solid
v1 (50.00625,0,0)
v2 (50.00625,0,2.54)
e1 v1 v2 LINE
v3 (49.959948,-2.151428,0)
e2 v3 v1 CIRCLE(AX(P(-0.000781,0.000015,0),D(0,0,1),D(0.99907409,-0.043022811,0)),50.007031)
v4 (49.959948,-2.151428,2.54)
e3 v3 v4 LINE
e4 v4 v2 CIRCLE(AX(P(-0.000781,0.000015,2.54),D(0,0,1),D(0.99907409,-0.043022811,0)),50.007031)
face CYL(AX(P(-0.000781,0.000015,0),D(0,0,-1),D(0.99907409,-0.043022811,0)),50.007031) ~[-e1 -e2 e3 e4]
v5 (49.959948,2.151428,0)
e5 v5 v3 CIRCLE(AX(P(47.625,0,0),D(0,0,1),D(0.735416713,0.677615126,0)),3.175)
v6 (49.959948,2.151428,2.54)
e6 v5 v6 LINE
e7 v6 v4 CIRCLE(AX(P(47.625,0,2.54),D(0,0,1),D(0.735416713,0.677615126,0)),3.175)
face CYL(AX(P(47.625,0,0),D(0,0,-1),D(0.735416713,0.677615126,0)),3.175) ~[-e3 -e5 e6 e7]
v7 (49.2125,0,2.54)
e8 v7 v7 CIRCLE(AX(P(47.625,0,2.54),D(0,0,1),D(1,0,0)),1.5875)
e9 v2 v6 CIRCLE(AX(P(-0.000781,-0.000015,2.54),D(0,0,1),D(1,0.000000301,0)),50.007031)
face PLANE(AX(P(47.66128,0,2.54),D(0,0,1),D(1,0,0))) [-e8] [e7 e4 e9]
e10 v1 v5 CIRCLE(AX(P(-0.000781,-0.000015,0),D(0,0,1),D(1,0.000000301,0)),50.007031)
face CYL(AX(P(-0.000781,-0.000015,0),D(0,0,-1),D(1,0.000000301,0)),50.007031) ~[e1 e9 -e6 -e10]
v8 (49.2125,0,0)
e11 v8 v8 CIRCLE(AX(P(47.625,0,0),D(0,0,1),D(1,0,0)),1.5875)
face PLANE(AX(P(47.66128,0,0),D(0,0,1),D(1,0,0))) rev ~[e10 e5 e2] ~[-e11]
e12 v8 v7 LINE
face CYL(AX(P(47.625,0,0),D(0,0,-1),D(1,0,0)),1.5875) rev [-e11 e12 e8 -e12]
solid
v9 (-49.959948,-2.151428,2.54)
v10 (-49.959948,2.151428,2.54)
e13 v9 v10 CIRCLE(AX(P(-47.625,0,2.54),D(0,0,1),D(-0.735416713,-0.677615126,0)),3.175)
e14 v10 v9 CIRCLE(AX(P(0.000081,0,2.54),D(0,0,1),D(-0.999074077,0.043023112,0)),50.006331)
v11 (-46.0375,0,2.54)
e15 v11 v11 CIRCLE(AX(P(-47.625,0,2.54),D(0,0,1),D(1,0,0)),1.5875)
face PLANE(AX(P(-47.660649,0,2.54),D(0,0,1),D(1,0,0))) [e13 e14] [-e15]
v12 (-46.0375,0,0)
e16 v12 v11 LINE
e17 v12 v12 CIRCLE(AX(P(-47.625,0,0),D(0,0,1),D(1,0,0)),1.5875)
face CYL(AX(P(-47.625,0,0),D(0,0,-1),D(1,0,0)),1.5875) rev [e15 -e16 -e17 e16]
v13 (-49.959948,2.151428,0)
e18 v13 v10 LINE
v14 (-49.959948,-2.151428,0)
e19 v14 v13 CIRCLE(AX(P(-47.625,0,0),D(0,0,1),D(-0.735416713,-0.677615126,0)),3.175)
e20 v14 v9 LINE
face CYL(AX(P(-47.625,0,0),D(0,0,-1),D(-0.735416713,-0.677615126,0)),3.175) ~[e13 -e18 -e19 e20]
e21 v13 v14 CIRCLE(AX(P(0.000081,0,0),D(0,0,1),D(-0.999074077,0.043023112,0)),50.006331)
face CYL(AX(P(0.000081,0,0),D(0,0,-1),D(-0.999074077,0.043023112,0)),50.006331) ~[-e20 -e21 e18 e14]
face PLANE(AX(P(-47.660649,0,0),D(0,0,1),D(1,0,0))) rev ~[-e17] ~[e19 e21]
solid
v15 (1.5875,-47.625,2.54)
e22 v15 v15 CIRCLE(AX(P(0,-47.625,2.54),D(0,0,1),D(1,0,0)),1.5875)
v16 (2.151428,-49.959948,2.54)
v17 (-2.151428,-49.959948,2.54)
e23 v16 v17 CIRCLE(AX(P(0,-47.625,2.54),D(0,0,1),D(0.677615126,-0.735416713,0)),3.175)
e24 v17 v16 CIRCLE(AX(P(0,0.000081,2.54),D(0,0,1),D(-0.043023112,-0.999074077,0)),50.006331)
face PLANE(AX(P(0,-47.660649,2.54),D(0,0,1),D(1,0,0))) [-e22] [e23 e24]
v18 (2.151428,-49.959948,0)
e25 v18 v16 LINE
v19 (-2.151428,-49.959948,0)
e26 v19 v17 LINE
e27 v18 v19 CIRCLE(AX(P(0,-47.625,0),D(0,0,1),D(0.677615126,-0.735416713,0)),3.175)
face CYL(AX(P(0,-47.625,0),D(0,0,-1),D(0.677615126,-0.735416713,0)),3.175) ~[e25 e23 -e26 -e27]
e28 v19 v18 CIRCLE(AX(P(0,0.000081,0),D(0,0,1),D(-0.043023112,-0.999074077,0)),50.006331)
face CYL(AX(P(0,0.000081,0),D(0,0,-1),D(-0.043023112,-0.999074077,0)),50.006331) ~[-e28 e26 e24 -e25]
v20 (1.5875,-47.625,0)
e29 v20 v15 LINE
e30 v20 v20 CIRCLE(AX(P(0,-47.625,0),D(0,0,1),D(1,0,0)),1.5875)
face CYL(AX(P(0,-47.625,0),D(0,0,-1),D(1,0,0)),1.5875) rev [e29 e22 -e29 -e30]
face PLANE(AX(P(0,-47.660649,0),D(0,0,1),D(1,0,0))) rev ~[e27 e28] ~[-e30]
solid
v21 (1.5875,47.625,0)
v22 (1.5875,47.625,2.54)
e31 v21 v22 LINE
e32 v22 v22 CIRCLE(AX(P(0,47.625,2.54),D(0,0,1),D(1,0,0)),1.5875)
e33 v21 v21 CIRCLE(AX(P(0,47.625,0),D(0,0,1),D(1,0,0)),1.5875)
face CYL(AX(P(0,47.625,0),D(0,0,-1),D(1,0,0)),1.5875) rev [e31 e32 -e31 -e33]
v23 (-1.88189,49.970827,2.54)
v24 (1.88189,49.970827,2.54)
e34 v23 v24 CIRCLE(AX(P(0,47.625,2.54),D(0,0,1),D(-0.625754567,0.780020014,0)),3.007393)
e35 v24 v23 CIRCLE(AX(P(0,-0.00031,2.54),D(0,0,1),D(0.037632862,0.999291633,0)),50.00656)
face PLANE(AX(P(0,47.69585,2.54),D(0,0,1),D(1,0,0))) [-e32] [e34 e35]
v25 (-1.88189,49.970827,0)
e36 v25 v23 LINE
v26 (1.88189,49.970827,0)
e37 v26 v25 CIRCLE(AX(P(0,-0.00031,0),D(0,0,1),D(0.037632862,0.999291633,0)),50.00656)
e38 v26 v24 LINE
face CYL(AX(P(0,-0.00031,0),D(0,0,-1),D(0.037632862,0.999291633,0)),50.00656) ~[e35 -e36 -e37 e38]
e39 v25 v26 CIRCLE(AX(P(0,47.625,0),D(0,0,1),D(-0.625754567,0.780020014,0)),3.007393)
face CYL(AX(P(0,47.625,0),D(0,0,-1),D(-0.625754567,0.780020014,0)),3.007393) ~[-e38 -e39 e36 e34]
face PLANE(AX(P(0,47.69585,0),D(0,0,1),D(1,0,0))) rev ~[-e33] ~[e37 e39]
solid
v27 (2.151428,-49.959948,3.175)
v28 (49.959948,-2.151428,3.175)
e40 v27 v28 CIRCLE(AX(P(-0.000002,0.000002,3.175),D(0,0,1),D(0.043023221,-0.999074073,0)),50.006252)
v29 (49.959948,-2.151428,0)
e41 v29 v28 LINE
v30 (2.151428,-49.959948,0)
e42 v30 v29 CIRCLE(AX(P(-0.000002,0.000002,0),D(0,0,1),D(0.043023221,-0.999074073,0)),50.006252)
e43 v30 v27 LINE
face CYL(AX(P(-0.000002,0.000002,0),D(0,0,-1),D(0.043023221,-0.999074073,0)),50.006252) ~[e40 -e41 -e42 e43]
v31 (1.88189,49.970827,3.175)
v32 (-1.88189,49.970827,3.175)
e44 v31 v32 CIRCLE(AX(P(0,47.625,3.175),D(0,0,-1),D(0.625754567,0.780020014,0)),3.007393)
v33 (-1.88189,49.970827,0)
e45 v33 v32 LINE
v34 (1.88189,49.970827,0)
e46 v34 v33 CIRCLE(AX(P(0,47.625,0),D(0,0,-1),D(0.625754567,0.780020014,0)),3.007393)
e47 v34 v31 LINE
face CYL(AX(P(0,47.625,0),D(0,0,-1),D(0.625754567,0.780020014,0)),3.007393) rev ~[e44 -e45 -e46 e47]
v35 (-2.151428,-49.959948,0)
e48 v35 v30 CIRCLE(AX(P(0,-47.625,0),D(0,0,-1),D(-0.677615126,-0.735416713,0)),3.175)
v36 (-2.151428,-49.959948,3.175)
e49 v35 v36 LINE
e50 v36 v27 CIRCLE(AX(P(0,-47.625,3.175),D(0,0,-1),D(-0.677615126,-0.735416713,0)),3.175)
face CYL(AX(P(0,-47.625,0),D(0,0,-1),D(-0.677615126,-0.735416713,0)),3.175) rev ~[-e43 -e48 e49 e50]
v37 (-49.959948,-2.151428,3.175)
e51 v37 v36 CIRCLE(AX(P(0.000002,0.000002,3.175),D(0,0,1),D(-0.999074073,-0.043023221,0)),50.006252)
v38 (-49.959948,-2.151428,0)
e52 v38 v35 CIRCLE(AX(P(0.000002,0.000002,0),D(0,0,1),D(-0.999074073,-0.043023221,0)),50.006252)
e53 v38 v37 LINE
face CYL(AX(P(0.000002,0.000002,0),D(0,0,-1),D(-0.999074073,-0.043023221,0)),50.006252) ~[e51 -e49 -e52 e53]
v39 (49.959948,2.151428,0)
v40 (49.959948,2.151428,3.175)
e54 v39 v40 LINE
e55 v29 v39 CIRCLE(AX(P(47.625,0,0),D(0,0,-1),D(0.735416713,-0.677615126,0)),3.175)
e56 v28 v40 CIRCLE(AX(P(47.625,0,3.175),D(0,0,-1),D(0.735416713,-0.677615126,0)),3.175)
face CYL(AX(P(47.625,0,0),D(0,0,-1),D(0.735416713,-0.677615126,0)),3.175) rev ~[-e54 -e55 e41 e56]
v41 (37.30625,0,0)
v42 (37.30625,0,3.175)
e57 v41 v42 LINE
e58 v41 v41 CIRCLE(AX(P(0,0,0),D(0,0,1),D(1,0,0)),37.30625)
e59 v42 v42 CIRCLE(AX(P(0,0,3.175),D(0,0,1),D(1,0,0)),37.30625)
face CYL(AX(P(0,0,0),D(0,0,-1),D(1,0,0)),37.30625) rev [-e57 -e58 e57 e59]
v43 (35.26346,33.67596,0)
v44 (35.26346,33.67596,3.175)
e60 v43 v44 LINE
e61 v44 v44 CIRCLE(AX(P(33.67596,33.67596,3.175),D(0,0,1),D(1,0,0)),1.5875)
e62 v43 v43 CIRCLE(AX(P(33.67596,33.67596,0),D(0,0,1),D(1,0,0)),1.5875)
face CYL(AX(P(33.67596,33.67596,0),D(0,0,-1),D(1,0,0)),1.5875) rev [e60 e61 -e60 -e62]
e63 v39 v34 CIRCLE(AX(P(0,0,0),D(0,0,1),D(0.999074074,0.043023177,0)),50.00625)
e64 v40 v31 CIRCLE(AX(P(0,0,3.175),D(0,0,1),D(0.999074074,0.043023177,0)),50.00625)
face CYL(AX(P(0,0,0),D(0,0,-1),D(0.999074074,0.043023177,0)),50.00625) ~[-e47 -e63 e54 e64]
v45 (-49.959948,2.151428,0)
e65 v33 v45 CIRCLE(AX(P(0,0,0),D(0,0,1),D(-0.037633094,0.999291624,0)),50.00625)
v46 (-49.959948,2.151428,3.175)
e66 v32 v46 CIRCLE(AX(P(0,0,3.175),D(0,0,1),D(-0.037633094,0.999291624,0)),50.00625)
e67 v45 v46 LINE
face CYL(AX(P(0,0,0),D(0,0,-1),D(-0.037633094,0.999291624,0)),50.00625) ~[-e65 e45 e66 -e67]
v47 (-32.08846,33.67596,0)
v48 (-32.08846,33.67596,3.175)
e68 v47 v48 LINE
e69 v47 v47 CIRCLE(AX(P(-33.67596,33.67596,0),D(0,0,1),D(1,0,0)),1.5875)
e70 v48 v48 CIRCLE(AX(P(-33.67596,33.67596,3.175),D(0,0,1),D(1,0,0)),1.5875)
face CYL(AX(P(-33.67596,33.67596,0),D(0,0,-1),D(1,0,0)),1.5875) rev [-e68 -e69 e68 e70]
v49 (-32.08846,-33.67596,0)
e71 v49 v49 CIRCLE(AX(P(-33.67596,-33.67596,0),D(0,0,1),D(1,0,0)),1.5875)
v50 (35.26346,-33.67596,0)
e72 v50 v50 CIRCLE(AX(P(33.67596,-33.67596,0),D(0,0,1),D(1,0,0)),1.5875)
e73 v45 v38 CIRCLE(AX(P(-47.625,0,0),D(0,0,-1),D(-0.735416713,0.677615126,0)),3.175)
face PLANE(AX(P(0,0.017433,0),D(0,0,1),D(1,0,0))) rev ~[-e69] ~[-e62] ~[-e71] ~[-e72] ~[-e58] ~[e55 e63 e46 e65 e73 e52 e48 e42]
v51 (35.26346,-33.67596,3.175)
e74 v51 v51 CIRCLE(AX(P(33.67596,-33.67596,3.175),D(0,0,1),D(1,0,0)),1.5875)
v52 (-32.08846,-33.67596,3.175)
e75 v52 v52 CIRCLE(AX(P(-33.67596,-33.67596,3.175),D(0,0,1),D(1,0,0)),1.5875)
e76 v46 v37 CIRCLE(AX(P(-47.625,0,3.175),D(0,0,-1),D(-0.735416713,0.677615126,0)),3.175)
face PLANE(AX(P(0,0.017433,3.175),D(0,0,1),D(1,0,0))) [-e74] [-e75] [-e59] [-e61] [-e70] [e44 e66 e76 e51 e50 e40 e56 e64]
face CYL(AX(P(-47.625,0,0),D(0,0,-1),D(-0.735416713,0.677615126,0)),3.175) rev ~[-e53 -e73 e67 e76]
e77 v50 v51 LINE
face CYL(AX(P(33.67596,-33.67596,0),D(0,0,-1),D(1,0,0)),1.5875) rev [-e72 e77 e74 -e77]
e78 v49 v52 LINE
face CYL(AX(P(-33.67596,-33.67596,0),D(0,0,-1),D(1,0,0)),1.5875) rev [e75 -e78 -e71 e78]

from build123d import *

# Parameters (mm, degrees)
F0_R     = 1.5875
F1_DEPTH = 2.54
F0_R_2   = 37.30625
F2_DEPTH = 3.175


with BuildPart() as f1:
    # F0 (on Top) → F1 (new body)
    with BuildSketch(Plane.XY):
        with BuildLine():
            ThreePointArc((-1.88189, 49.970827), (0, 44.617607), (1.88189, 49.970827))
            ThreePointArc((1.88189, 49.970827), (0, 50.00625), (-1.88189, 49.970827))
        make_face()
        with Locations((0, 47.625)):
            Circle(F0_R, mode=Mode.SUBTRACT)
        with BuildLine():
            ThreePointArc((-49.959948, -2.151428), (-44.45, 0), (-49.959948, 2.151428))
            ThreePointArc((-49.959948, 2.151428), (-50.00625, 0), (-49.959948, -2.151428))
        make_face()
        with Locations((-47.625, 0)):
            Circle(F0_R, mode=Mode.SUBTRACT)
        with BuildLine():
            ThreePointArc((-2.151428, -49.959948), (0, -50.00625), (2.151428, -49.959948))
            ThreePointArc((2.151428, -49.959948), (0, -44.45), (-2.151428, -49.959948))
        make_face()
        with Locations((0, -47.625)):
            Circle(F0_R, mode=Mode.SUBTRACT)
        with BuildLine():
            ThreePointArc((49.959948, -2.151428), (49.994673, -1.075963), (50.00625, 0))
            ThreePointArc((50.00625, 0), (49.994673, 1.075963), (49.959948, 2.151428))
            ThreePointArc((49.959948, 2.151428), (44.45, 0), (49.959948, -2.151428))
        make_face()
        with Locations((47.625, 0)):
            Circle(F0_R, mode=Mode.SUBTRACT)
    extrude(amount=F1_DEPTH)


with BuildPart() as f2:
    # F0 (on Top) → F2 (new body)
    with BuildSketch(Plane.XY):
        with BuildLine():
            ThreePointArc((49.959948, -2.151428), (44.45, 0), (49.959948, 2.151428))
            ThreePointArc((49.959948, 2.151428), (35.264256, 35.455004), (1.88189, 49.970827))
            ThreePointArc((1.88189, 49.970827), (0, 44.617607), (-1.88189, 49.970827))
            ThreePointArc((-1.88189, 49.970827), (-35.264256, 35.455004), (-49.959948, 2.151428))
            ThreePointArc((-49.959948, 2.151428), (-44.45, 0), (-49.959948, -2.151428))
            ThreePointArc((-49.959948, -2.151428), (-35.359758, -35.359758), (-2.151428, -49.959948))
            ThreePointArc((-2.151428, -49.959948), (0, -44.45), (2.151428, -49.959948))
            ThreePointArc((2.151428, -49.959948), (35.359758, -35.359758), (49.959948, -2.151428))
        make_face()
        with Locations((-33.67596, -33.67596)):
            Circle(F0_R, mode=Mode.SUBTRACT)
        Circle(F0_R_2, mode=Mode.SUBTRACT)
        with Locations((33.67596, -33.67596)):
            Circle(F0_R, mode=Mode.SUBTRACT)
        with Locations((-33.67596, 33.67596)):
            Circle(F0_R, mode=Mode.SUBTRACT)
        with Locations((33.67596, 33.67596)):
            Circle(F0_R, mode=Mode.SUBTRACT)
    extrude(amount=F2_DEPTH)


solid = Compound([f1.part, f2.part])
